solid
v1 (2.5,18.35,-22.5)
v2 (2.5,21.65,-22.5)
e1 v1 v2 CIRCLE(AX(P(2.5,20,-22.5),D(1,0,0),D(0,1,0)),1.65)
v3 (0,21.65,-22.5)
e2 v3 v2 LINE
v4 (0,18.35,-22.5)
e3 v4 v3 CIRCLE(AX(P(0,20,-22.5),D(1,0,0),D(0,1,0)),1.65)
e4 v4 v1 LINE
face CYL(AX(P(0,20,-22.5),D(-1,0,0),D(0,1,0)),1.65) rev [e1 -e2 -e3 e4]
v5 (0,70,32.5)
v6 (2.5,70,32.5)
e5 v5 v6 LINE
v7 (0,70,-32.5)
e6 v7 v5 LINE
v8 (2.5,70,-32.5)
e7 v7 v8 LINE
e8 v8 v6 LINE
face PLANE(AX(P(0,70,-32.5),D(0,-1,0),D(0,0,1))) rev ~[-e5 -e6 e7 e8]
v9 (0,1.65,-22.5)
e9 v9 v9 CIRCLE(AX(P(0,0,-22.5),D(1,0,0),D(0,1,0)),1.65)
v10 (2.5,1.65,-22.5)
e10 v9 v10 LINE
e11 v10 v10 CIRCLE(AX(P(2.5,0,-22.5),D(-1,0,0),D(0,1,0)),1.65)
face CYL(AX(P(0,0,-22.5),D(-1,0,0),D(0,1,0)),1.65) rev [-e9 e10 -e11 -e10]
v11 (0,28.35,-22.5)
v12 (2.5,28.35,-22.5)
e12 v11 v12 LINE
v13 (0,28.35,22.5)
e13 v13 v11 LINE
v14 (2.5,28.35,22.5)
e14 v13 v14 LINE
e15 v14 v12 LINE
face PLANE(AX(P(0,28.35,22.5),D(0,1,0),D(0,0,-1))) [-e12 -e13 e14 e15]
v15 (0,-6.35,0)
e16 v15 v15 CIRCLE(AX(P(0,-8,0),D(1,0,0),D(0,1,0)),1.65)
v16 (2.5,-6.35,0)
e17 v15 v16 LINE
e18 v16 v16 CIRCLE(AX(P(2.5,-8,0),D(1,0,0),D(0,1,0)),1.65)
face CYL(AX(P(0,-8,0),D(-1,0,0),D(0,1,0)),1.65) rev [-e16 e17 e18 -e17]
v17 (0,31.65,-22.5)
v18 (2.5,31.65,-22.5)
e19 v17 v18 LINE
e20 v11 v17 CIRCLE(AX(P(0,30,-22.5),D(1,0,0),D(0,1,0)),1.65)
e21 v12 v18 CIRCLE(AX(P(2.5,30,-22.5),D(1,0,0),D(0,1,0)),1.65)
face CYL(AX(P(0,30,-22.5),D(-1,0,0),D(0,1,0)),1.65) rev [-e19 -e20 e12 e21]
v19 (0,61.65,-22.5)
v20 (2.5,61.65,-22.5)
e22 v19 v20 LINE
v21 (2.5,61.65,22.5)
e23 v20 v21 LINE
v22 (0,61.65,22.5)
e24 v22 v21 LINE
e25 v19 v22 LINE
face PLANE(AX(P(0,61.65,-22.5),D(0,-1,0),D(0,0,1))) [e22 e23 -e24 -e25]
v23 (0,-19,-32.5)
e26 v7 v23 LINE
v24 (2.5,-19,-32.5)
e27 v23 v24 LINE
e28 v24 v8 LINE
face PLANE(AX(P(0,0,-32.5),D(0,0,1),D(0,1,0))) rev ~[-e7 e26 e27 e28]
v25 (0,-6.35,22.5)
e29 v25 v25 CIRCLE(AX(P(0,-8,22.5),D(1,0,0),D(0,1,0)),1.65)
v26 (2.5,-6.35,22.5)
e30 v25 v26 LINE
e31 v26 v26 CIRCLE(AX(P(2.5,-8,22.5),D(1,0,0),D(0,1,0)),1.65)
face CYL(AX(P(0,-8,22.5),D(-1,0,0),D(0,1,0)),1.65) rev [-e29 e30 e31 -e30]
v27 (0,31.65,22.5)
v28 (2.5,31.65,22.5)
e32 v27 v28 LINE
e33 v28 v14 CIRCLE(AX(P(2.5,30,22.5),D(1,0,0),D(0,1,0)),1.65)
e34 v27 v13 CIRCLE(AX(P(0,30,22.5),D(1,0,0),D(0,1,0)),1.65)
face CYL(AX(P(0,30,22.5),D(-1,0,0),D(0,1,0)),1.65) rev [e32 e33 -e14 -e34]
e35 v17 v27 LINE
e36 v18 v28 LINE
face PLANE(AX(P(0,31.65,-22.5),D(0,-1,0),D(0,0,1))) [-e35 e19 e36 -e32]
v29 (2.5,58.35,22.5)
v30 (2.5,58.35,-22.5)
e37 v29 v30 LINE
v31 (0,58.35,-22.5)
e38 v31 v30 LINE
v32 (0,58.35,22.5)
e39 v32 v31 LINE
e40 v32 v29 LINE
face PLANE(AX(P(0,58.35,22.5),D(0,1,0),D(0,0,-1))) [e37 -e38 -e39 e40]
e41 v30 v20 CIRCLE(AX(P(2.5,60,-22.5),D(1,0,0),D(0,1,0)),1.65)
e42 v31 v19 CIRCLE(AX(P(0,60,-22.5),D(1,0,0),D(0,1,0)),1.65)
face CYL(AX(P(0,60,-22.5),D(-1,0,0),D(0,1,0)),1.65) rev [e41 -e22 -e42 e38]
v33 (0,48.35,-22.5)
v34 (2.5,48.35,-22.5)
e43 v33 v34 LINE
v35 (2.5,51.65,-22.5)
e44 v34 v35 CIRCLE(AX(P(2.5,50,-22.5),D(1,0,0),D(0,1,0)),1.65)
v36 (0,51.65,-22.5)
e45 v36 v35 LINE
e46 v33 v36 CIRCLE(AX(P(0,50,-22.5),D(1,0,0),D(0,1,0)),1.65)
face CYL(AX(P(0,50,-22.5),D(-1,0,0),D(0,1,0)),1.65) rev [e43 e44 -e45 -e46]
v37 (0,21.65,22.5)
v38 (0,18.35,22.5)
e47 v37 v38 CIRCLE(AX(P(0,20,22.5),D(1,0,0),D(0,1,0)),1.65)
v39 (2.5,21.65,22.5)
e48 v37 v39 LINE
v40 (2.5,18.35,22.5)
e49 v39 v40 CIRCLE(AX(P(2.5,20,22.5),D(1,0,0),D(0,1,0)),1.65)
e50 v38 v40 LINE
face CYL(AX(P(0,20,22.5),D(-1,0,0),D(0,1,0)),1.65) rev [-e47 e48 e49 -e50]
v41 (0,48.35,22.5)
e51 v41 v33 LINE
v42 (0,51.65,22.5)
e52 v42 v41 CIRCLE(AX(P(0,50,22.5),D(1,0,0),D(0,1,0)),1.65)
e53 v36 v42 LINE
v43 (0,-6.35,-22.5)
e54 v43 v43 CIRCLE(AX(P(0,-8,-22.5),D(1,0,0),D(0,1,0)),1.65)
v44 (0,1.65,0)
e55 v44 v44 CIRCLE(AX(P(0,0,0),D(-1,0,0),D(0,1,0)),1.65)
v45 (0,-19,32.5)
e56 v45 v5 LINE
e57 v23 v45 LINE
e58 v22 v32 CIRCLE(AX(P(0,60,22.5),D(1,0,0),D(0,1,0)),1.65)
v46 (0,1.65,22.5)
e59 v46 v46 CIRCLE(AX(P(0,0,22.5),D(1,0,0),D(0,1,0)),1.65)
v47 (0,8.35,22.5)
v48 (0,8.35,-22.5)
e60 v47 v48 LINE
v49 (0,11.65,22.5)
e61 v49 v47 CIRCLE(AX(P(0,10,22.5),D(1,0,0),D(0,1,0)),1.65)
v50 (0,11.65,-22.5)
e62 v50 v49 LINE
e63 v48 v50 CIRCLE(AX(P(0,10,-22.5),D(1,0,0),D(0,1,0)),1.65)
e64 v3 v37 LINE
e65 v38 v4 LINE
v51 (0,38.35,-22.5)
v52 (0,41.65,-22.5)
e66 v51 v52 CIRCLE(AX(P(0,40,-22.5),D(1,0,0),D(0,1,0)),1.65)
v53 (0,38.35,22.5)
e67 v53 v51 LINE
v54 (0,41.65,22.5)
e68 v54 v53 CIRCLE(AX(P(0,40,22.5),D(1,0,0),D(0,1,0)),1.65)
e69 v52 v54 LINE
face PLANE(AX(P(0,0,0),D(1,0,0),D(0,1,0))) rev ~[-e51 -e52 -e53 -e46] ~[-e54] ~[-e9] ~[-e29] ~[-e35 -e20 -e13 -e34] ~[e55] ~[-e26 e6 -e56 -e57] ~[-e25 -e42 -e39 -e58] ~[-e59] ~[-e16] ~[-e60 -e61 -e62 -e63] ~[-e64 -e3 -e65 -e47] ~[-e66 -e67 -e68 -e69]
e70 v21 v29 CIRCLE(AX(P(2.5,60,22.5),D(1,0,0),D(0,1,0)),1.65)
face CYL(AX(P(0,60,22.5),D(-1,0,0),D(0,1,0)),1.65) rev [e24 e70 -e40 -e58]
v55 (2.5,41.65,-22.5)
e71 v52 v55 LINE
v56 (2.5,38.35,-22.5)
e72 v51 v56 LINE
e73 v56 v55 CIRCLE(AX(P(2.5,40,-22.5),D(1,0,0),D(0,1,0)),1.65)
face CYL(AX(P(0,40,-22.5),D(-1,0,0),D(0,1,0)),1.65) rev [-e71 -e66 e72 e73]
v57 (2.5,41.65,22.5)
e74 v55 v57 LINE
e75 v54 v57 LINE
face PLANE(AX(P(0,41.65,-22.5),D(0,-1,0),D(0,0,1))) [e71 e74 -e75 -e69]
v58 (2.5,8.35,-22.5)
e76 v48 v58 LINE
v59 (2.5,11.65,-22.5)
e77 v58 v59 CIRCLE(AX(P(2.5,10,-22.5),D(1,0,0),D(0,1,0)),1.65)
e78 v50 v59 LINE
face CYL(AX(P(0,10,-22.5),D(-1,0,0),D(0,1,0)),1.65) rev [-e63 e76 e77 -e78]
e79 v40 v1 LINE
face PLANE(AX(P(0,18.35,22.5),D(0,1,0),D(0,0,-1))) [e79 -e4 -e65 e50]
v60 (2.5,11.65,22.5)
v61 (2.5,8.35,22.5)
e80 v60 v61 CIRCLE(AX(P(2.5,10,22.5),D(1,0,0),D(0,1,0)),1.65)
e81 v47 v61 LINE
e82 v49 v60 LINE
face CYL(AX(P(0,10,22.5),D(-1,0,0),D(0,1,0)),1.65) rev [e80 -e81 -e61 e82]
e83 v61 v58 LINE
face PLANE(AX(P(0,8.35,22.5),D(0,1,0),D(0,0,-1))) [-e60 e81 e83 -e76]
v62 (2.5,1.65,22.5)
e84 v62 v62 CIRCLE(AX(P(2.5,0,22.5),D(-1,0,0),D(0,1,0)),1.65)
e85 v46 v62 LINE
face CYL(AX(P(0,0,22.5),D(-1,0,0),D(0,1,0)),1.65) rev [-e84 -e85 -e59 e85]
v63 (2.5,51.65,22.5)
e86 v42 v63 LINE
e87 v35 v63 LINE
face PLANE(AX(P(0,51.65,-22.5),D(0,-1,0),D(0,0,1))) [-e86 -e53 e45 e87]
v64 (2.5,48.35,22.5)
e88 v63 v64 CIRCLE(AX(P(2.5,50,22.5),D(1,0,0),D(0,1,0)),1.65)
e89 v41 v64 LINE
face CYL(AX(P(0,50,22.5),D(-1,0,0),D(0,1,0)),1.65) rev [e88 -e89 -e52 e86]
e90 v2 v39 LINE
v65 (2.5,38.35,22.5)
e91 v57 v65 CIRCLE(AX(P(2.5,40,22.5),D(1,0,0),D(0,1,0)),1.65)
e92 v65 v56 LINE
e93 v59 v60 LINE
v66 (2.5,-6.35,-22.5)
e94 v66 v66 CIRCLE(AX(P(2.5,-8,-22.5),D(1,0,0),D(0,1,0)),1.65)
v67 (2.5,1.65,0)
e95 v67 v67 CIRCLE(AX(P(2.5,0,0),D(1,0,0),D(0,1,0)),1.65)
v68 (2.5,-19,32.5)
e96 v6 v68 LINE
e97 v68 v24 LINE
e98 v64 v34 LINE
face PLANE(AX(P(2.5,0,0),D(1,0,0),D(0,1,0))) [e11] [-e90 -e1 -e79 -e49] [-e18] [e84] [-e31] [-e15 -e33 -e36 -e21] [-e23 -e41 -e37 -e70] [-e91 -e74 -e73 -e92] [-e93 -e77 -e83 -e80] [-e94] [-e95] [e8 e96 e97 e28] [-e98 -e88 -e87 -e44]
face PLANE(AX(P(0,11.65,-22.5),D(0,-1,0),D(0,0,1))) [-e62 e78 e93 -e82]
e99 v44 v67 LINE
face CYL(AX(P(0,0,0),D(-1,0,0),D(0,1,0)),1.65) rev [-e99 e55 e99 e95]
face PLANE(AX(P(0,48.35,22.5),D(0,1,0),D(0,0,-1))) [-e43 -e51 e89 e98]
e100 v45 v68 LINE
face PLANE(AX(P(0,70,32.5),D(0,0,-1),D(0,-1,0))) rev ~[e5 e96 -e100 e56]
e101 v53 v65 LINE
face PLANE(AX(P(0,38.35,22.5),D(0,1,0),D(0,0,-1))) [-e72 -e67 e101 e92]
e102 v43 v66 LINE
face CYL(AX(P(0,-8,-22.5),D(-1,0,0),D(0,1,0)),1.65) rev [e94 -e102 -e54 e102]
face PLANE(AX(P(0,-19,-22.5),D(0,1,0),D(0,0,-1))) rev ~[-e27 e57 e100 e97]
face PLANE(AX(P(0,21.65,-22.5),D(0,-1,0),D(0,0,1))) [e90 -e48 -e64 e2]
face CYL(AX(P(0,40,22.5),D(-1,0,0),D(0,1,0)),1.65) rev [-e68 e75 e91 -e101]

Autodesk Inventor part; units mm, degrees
ref_plane "YZ Plane" through (0, 0, 0) normal (1, 0, 0) x (0, 1, 0)
ref_plane "XZ Plane" through (0, 0, 0) normal (0, 1, 0) x (-1, 0, 0)
ref_plane "XY Plane" through (0, 0, 0) normal (0, 0, 1) x (1, 0, 0)
sketch "Sketch1" plane through (0, 0, 0) normal (1, 0, 0) x (0, 1, 0)
  circle A0 centre (0, 0) radius 1.65
  circle A1 centre (0, -22.5) radius 1.65
  line L0 (34, 0) -> (-44, 0) construction
  line L1 (0, 41) -> (0, -59) construction
  circle A2 centre (-8, 0) radius 1.65
  circle A3 centre (0, 22.5) radius 1.65
  line L2 (-19, -22.5) -> (-19, 22.5)
  line L3 (0, 22.5) -> (0, -22.5)
  line L4 (-19, -22.5) -> (-19, -32.5)
  line L5 (-19, -32.5) -> (0, -32.5)
  line L6 (0, -32.5) -> (0, -22.5)
  line L7 (-19, 22.5) -> (-19, 32.5)
  line L8 (-19, 32.5) -> (0, 32.5)
  line L9 (0, 32.5) -> (0, 22.5)
  line L10 (0, -32.5) -> (70, -32.5)
  line L11 (70, -32.5) -> (70, 32.5)
  line L12 (70, 32.5) -> (0, 32.5)
  line L13 (0, 32.5) -> (0, -32.5)
  circle A4 centre (-8, -22.5) radius 1.65
  circle A5 centre (-8, 22.5) radius 1.65
  circle A6 centre (10, -22.5) radius 1.65
  circle A7 centre (10, 22.5) radius 1.65
  line L14 (10, -22.5) -> (10, 22.5) construction
  line L15 (11.65, -22.5) -> (11.65, 22.5)
  line L16 (8.35, 22.5) -> (8.35, -22.5)
  arc A8 (8.35, -22.5) -> (11.65, -22.5) centre (10, -22.5) ccw
  arc A9 (11.65, 22.5) -> (8.35, 22.5) centre (10, 22.5) ccw
  line L17 (18.35, 22.5) -> (18.35, -22.5)
  line L18 (20, -22.5) -> (20, 22.5) construction
  line L19 (21.65, -22.5) -> (21.65, 22.5)
  arc A10 (21.65, 22.5) -> (18.35, 22.5) centre (20, 22.5) ccw
  circle A11 centre (20, 22.5) radius 1.65
  circle A12 centre (20, -22.5) radius 1.65
  arc A13 (18.35, -22.5) -> (21.65, -22.5) centre (20, -22.5) ccw
  line L20 (28.35, 22.5) -> (28.35, -22.5)
  line L21 (30, -22.5) -> (30, 22.5) construction
  line L22 (31.65, -22.5) -> (31.65, 22.5)
  arc A14 (31.65, 22.5) -> (28.35, 22.5) centre (30, 22.5) ccw
  circle A15 centre (30, 22.5) radius 1.65
  circle A16 centre (30, -22.5) radius 1.65
  arc A17 (28.35, -22.5) -> (31.65, -22.5) centre (30, -22.5) ccw
  line L23 (38.35, 22.5) -> (38.35, -22.5)
  line L24 (40, -22.5) -> (40, 22.5) construction
  line L25 (41.65, -22.5) -> (41.65, 22.5)
  arc A18 (41.65, 22.5) -> (38.35, 22.5) centre (40, 22.5) ccw
  circle A19 centre (40, 22.5) radius 1.65
  circle A20 centre (40, -22.5) radius 1.65
  arc A21 (38.35, -22.5) -> (41.65, -22.5) centre (40, -22.5) ccw
  line L26 (48.35, 22.5) -> (48.35, -22.5)
  line L27 (50, -22.5) -> (50, 22.5) construction
  line L28 (51.65, -22.5) -> (51.65, 22.5)
  arc A22 (51.65, 22.5) -> (48.35, 22.5) centre (50, 22.5) ccw
  circle A23 centre (50, 22.5) radius 1.65
  circle A24 centre (50, -22.5) radius 1.65
  arc A25 (48.35, -22.5) -> (51.65, -22.5) centre (50, -22.5) ccw
  line L29 (58.35, 22.5) -> (58.35, -22.5)
  line L30 (60, -22.5) -> (60, 22.5) construction
  line L31 (61.65, -22.5) -> (61.65, 22.5)
  arc A26 (61.65, 22.5) -> (58.35, 22.5) centre (60, 22.5) ccw
  circle A27 centre (60, 22.5) radius 1.65
  circle A28 centre (60, -22.5) radius 1.65
  arc A29 (58.35, -22.5) -> (61.65, -22.5) centre (60, -22.5) ccw
  point P0 (0, -1.34)
  point P1 (0, 32.5)
  point P2 (0, 0)
  point P3 (10, 0)
  point P4 (20, 0)
  point P5 (30, 0)
  point P6 (40, 0)
  point P7 (50, 0)
  point P8 (60, 0)
  point P9 (21.65, -22.5)
  dimension "d0" = 3.3
  dimension "d1" = 3.3
  dimension "d5" = 3.3
  dimension "d22" = 10
  dimension "d23" = 10
  dimension "d24" = 22.5
  dimension "d25" = 22.5
  dimension "d26" = 3.3
  dimension "d27" = 3.3
  dimension "d30" = 70
  dimension "d31" = 3.3
  dimension "d32" = 10
  dimension "d33" = 3.3
  dimension "d36" = 10
extrude "Extrusion2" add sketch "Sketch1" along normal blind 2.5 contours A0 L3 A3 L9 L12 L11 L10 L6 A1 | A0 L3 A1 L6 L5 L4 L2 L7 L8 L9 A3
properties part number "Wall Conyevor Belakang_3DPrint"
